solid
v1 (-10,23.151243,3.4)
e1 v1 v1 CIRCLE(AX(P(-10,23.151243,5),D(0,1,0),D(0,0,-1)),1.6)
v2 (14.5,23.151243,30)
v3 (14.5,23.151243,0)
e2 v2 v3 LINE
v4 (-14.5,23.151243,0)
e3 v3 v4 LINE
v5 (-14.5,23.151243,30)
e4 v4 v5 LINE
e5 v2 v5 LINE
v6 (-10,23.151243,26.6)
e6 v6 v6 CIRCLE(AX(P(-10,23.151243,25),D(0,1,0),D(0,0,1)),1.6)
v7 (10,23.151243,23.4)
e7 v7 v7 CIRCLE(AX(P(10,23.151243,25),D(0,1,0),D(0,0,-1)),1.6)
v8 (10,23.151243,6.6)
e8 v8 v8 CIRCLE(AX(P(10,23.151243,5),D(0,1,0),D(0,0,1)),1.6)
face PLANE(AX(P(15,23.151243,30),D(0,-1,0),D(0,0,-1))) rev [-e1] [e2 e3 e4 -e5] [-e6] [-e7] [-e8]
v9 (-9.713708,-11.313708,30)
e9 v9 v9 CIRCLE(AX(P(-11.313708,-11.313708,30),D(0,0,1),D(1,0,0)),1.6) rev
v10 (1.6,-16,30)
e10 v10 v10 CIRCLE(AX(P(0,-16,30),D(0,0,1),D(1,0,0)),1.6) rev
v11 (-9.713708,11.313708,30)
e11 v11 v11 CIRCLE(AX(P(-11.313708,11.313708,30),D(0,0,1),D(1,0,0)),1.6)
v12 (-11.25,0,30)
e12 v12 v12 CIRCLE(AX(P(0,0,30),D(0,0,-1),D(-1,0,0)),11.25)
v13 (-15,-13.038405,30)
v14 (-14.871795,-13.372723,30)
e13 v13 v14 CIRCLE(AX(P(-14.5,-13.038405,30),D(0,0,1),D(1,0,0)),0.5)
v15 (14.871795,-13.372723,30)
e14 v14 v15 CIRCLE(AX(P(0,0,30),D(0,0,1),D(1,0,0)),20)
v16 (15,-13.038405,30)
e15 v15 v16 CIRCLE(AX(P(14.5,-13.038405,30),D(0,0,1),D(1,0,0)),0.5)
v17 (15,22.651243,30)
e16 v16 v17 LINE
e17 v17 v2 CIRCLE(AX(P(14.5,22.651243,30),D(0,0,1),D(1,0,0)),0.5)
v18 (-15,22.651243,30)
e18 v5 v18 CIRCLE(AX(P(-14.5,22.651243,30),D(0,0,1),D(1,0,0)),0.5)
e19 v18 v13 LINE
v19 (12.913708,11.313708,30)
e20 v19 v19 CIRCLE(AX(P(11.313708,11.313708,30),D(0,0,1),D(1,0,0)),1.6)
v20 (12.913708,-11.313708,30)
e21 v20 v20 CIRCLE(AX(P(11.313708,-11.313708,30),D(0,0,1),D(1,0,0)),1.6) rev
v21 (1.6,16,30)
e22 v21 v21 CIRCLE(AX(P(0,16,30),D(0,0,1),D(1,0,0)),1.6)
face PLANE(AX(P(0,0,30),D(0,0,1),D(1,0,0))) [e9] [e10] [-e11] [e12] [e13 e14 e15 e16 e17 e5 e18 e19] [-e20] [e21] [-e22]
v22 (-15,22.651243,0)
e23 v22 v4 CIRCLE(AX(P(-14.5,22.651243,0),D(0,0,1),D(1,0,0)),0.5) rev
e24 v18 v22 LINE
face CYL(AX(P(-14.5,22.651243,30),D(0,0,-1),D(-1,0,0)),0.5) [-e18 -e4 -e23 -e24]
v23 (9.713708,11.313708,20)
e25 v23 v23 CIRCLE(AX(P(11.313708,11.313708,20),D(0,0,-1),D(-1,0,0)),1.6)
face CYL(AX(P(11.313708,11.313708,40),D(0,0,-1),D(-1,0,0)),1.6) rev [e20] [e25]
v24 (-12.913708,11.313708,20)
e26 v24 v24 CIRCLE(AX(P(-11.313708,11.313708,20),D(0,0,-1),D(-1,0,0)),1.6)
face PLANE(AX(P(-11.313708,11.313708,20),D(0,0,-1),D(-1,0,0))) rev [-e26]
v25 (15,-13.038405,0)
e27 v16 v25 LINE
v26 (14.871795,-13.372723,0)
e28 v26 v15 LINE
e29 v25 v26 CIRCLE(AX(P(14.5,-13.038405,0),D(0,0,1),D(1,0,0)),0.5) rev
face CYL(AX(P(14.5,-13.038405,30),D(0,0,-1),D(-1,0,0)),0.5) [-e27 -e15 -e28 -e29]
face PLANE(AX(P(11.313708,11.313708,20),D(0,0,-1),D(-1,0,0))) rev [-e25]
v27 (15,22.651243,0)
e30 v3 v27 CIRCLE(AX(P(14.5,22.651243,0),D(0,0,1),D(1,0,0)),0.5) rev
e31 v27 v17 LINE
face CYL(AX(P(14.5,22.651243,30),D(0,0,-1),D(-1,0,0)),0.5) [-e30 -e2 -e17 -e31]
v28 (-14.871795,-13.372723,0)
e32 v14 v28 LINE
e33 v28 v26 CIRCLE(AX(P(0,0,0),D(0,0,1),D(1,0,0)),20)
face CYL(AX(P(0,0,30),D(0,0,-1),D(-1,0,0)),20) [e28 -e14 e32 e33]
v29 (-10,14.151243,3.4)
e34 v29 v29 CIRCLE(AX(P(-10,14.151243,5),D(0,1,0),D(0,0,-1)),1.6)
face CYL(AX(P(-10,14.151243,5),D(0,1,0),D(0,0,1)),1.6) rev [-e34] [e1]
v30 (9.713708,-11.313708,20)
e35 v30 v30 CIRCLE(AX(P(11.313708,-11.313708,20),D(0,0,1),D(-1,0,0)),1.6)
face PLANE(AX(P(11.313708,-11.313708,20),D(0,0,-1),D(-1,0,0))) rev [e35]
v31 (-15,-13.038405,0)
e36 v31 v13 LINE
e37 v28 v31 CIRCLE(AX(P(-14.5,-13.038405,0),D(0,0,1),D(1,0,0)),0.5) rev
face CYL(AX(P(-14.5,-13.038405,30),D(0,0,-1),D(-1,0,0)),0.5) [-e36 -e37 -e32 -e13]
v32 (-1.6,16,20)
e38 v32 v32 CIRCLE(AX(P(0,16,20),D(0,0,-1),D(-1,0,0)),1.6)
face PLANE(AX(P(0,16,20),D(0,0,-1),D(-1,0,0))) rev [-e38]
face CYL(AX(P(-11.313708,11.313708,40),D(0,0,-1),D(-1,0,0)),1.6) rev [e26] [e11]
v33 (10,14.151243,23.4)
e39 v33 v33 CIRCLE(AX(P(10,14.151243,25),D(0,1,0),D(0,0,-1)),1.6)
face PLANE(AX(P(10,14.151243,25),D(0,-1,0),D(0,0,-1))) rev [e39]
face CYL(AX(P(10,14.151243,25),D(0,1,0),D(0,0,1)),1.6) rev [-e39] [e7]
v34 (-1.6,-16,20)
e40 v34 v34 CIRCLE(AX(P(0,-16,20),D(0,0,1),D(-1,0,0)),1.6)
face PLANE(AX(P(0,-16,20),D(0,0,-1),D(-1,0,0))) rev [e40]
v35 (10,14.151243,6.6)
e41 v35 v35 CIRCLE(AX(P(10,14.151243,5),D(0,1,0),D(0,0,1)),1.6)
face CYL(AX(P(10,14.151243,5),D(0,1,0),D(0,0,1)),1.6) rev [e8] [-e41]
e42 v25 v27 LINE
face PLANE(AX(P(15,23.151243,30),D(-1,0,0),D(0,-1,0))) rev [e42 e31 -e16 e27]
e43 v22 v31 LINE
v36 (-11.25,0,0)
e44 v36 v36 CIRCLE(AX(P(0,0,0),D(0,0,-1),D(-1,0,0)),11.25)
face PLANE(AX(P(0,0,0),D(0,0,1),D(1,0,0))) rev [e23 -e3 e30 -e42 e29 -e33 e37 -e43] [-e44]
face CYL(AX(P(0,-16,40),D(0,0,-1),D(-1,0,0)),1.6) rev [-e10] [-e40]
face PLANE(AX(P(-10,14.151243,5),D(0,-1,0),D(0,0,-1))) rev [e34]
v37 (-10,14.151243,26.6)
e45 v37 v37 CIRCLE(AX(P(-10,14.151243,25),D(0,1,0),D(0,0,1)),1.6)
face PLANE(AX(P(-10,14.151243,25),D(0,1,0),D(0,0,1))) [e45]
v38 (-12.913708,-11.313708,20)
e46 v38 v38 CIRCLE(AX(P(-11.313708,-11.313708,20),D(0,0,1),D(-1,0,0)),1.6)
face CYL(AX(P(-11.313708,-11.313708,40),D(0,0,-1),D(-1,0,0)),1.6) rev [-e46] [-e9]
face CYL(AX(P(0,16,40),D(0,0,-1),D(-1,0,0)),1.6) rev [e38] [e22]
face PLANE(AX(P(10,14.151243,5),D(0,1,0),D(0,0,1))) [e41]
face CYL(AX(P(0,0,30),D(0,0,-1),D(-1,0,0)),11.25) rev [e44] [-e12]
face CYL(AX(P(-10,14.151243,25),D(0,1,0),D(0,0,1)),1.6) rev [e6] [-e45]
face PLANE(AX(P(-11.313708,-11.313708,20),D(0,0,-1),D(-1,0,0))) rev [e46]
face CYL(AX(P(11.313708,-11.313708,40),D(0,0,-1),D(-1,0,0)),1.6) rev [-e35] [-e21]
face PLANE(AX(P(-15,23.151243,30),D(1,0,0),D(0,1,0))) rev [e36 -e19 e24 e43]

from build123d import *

# Parameters (mm, degrees)
BOSS_EXTRUDE1_DEPTH = 30
CUT_EXTRUDE2_START  = -20
SKETCH4_R           = 1.6
CUT_EXTRUDE2_DEPTH  = 20
SKETCH2_R           = 11.25
CUT_EXTRUDE3_DEPTH  = 30
SKETCH5_R           = 1.6
CUT_EXTRUDE4_DEPTH  = 9
FILLET1_R           = 0.5


with BuildPart() as part:
    # Sketch1 → Boss-Extrude1 (new body)
    with BuildSketch(Plane.XY):
        with BuildLine():
            Line((-15, 23.151243445), (-15, -13.228756555))
            ThreePointArc((-15, -13.228756555), (0, -20), (15, -13.228756555))
            Line((15, -13.228756555), (15, 23.151243445))
            Line((15, 23.151243445), (-15, 23.151243445))
        make_face()
    extrude(amount=BOSS_EXTRUDE1_DEPTH)

    # Sketch4 → Cut-Extrude2 (cut)
    with BuildSketch(Plane(origin=(0, 0, 0), x_dir=(-1, 0, 0), z_dir=(0, 0, -1)).offset(CUT_EXTRUDE2_START)):
        with Locations((-11.313708499, 11.313708499)):
            Circle(SKETCH4_R)
        with Locations((0, 16)):
            Circle(SKETCH4_R)
        with Locations((11.313708499, 11.313708499)):
            Circle(SKETCH4_R)
    cut_extrude2 = extrude(amount=-CUT_EXTRUDE2_DEPTH, mode=Mode.SUBTRACT)

    # Mirror1: Cut-Extrude2 across plane
    add(cut_extrude2.mirror(Plane.ZX), mode=Mode.SUBTRACT)

    # Sketch2 → Cut-Extrude3 (cut)
    with BuildSketch(Plane(origin=(0, 0, 0), x_dir=(-1, 0, 0), z_dir=(0, 0, -1))):
        Circle(SKETCH2_R)
    extrude(amount=-CUT_EXTRUDE3_DEPTH, mode=Mode.SUBTRACT)

    # Sketch5 → Cut-Extrude4 (cut)
    with BuildSketch(Plane(origin=(0, 23.151243445, 0), x_dir=(1, 0, 0), z_dir=(0, 1, 0))):
        with Locations(Location((10, -25, 0), (0, 0, 90))):
            Circle(SKETCH5_R)
        with Locations(Location((-10, -25, 0), (0, 0, 270))):
            Circle(SKETCH5_R)
        with Locations(Location((10, -5, 0), (0, 0, 270))):
            Circle(SKETCH5_R)
        with Locations(Location((-10, -5, 0), (0, 0, 90))):
            Circle(SKETCH5_R)
    extrude(amount=-CUT_EXTRUDE4_DEPTH, mode=Mode.SUBTRACT)

    # Fillet1
    fillet1_edges = [part.edges().sort_by_distance(p)[0] for p in [
        (15, 23.151243445, 15),
        (15, -13.228756555, 15),
        (-15, -13.228756555, 15),
        (-15, 23.151243445, 15),
    ]]
    fillet(fillet1_edges, radius=FILLET1_R)


solid = part.part
